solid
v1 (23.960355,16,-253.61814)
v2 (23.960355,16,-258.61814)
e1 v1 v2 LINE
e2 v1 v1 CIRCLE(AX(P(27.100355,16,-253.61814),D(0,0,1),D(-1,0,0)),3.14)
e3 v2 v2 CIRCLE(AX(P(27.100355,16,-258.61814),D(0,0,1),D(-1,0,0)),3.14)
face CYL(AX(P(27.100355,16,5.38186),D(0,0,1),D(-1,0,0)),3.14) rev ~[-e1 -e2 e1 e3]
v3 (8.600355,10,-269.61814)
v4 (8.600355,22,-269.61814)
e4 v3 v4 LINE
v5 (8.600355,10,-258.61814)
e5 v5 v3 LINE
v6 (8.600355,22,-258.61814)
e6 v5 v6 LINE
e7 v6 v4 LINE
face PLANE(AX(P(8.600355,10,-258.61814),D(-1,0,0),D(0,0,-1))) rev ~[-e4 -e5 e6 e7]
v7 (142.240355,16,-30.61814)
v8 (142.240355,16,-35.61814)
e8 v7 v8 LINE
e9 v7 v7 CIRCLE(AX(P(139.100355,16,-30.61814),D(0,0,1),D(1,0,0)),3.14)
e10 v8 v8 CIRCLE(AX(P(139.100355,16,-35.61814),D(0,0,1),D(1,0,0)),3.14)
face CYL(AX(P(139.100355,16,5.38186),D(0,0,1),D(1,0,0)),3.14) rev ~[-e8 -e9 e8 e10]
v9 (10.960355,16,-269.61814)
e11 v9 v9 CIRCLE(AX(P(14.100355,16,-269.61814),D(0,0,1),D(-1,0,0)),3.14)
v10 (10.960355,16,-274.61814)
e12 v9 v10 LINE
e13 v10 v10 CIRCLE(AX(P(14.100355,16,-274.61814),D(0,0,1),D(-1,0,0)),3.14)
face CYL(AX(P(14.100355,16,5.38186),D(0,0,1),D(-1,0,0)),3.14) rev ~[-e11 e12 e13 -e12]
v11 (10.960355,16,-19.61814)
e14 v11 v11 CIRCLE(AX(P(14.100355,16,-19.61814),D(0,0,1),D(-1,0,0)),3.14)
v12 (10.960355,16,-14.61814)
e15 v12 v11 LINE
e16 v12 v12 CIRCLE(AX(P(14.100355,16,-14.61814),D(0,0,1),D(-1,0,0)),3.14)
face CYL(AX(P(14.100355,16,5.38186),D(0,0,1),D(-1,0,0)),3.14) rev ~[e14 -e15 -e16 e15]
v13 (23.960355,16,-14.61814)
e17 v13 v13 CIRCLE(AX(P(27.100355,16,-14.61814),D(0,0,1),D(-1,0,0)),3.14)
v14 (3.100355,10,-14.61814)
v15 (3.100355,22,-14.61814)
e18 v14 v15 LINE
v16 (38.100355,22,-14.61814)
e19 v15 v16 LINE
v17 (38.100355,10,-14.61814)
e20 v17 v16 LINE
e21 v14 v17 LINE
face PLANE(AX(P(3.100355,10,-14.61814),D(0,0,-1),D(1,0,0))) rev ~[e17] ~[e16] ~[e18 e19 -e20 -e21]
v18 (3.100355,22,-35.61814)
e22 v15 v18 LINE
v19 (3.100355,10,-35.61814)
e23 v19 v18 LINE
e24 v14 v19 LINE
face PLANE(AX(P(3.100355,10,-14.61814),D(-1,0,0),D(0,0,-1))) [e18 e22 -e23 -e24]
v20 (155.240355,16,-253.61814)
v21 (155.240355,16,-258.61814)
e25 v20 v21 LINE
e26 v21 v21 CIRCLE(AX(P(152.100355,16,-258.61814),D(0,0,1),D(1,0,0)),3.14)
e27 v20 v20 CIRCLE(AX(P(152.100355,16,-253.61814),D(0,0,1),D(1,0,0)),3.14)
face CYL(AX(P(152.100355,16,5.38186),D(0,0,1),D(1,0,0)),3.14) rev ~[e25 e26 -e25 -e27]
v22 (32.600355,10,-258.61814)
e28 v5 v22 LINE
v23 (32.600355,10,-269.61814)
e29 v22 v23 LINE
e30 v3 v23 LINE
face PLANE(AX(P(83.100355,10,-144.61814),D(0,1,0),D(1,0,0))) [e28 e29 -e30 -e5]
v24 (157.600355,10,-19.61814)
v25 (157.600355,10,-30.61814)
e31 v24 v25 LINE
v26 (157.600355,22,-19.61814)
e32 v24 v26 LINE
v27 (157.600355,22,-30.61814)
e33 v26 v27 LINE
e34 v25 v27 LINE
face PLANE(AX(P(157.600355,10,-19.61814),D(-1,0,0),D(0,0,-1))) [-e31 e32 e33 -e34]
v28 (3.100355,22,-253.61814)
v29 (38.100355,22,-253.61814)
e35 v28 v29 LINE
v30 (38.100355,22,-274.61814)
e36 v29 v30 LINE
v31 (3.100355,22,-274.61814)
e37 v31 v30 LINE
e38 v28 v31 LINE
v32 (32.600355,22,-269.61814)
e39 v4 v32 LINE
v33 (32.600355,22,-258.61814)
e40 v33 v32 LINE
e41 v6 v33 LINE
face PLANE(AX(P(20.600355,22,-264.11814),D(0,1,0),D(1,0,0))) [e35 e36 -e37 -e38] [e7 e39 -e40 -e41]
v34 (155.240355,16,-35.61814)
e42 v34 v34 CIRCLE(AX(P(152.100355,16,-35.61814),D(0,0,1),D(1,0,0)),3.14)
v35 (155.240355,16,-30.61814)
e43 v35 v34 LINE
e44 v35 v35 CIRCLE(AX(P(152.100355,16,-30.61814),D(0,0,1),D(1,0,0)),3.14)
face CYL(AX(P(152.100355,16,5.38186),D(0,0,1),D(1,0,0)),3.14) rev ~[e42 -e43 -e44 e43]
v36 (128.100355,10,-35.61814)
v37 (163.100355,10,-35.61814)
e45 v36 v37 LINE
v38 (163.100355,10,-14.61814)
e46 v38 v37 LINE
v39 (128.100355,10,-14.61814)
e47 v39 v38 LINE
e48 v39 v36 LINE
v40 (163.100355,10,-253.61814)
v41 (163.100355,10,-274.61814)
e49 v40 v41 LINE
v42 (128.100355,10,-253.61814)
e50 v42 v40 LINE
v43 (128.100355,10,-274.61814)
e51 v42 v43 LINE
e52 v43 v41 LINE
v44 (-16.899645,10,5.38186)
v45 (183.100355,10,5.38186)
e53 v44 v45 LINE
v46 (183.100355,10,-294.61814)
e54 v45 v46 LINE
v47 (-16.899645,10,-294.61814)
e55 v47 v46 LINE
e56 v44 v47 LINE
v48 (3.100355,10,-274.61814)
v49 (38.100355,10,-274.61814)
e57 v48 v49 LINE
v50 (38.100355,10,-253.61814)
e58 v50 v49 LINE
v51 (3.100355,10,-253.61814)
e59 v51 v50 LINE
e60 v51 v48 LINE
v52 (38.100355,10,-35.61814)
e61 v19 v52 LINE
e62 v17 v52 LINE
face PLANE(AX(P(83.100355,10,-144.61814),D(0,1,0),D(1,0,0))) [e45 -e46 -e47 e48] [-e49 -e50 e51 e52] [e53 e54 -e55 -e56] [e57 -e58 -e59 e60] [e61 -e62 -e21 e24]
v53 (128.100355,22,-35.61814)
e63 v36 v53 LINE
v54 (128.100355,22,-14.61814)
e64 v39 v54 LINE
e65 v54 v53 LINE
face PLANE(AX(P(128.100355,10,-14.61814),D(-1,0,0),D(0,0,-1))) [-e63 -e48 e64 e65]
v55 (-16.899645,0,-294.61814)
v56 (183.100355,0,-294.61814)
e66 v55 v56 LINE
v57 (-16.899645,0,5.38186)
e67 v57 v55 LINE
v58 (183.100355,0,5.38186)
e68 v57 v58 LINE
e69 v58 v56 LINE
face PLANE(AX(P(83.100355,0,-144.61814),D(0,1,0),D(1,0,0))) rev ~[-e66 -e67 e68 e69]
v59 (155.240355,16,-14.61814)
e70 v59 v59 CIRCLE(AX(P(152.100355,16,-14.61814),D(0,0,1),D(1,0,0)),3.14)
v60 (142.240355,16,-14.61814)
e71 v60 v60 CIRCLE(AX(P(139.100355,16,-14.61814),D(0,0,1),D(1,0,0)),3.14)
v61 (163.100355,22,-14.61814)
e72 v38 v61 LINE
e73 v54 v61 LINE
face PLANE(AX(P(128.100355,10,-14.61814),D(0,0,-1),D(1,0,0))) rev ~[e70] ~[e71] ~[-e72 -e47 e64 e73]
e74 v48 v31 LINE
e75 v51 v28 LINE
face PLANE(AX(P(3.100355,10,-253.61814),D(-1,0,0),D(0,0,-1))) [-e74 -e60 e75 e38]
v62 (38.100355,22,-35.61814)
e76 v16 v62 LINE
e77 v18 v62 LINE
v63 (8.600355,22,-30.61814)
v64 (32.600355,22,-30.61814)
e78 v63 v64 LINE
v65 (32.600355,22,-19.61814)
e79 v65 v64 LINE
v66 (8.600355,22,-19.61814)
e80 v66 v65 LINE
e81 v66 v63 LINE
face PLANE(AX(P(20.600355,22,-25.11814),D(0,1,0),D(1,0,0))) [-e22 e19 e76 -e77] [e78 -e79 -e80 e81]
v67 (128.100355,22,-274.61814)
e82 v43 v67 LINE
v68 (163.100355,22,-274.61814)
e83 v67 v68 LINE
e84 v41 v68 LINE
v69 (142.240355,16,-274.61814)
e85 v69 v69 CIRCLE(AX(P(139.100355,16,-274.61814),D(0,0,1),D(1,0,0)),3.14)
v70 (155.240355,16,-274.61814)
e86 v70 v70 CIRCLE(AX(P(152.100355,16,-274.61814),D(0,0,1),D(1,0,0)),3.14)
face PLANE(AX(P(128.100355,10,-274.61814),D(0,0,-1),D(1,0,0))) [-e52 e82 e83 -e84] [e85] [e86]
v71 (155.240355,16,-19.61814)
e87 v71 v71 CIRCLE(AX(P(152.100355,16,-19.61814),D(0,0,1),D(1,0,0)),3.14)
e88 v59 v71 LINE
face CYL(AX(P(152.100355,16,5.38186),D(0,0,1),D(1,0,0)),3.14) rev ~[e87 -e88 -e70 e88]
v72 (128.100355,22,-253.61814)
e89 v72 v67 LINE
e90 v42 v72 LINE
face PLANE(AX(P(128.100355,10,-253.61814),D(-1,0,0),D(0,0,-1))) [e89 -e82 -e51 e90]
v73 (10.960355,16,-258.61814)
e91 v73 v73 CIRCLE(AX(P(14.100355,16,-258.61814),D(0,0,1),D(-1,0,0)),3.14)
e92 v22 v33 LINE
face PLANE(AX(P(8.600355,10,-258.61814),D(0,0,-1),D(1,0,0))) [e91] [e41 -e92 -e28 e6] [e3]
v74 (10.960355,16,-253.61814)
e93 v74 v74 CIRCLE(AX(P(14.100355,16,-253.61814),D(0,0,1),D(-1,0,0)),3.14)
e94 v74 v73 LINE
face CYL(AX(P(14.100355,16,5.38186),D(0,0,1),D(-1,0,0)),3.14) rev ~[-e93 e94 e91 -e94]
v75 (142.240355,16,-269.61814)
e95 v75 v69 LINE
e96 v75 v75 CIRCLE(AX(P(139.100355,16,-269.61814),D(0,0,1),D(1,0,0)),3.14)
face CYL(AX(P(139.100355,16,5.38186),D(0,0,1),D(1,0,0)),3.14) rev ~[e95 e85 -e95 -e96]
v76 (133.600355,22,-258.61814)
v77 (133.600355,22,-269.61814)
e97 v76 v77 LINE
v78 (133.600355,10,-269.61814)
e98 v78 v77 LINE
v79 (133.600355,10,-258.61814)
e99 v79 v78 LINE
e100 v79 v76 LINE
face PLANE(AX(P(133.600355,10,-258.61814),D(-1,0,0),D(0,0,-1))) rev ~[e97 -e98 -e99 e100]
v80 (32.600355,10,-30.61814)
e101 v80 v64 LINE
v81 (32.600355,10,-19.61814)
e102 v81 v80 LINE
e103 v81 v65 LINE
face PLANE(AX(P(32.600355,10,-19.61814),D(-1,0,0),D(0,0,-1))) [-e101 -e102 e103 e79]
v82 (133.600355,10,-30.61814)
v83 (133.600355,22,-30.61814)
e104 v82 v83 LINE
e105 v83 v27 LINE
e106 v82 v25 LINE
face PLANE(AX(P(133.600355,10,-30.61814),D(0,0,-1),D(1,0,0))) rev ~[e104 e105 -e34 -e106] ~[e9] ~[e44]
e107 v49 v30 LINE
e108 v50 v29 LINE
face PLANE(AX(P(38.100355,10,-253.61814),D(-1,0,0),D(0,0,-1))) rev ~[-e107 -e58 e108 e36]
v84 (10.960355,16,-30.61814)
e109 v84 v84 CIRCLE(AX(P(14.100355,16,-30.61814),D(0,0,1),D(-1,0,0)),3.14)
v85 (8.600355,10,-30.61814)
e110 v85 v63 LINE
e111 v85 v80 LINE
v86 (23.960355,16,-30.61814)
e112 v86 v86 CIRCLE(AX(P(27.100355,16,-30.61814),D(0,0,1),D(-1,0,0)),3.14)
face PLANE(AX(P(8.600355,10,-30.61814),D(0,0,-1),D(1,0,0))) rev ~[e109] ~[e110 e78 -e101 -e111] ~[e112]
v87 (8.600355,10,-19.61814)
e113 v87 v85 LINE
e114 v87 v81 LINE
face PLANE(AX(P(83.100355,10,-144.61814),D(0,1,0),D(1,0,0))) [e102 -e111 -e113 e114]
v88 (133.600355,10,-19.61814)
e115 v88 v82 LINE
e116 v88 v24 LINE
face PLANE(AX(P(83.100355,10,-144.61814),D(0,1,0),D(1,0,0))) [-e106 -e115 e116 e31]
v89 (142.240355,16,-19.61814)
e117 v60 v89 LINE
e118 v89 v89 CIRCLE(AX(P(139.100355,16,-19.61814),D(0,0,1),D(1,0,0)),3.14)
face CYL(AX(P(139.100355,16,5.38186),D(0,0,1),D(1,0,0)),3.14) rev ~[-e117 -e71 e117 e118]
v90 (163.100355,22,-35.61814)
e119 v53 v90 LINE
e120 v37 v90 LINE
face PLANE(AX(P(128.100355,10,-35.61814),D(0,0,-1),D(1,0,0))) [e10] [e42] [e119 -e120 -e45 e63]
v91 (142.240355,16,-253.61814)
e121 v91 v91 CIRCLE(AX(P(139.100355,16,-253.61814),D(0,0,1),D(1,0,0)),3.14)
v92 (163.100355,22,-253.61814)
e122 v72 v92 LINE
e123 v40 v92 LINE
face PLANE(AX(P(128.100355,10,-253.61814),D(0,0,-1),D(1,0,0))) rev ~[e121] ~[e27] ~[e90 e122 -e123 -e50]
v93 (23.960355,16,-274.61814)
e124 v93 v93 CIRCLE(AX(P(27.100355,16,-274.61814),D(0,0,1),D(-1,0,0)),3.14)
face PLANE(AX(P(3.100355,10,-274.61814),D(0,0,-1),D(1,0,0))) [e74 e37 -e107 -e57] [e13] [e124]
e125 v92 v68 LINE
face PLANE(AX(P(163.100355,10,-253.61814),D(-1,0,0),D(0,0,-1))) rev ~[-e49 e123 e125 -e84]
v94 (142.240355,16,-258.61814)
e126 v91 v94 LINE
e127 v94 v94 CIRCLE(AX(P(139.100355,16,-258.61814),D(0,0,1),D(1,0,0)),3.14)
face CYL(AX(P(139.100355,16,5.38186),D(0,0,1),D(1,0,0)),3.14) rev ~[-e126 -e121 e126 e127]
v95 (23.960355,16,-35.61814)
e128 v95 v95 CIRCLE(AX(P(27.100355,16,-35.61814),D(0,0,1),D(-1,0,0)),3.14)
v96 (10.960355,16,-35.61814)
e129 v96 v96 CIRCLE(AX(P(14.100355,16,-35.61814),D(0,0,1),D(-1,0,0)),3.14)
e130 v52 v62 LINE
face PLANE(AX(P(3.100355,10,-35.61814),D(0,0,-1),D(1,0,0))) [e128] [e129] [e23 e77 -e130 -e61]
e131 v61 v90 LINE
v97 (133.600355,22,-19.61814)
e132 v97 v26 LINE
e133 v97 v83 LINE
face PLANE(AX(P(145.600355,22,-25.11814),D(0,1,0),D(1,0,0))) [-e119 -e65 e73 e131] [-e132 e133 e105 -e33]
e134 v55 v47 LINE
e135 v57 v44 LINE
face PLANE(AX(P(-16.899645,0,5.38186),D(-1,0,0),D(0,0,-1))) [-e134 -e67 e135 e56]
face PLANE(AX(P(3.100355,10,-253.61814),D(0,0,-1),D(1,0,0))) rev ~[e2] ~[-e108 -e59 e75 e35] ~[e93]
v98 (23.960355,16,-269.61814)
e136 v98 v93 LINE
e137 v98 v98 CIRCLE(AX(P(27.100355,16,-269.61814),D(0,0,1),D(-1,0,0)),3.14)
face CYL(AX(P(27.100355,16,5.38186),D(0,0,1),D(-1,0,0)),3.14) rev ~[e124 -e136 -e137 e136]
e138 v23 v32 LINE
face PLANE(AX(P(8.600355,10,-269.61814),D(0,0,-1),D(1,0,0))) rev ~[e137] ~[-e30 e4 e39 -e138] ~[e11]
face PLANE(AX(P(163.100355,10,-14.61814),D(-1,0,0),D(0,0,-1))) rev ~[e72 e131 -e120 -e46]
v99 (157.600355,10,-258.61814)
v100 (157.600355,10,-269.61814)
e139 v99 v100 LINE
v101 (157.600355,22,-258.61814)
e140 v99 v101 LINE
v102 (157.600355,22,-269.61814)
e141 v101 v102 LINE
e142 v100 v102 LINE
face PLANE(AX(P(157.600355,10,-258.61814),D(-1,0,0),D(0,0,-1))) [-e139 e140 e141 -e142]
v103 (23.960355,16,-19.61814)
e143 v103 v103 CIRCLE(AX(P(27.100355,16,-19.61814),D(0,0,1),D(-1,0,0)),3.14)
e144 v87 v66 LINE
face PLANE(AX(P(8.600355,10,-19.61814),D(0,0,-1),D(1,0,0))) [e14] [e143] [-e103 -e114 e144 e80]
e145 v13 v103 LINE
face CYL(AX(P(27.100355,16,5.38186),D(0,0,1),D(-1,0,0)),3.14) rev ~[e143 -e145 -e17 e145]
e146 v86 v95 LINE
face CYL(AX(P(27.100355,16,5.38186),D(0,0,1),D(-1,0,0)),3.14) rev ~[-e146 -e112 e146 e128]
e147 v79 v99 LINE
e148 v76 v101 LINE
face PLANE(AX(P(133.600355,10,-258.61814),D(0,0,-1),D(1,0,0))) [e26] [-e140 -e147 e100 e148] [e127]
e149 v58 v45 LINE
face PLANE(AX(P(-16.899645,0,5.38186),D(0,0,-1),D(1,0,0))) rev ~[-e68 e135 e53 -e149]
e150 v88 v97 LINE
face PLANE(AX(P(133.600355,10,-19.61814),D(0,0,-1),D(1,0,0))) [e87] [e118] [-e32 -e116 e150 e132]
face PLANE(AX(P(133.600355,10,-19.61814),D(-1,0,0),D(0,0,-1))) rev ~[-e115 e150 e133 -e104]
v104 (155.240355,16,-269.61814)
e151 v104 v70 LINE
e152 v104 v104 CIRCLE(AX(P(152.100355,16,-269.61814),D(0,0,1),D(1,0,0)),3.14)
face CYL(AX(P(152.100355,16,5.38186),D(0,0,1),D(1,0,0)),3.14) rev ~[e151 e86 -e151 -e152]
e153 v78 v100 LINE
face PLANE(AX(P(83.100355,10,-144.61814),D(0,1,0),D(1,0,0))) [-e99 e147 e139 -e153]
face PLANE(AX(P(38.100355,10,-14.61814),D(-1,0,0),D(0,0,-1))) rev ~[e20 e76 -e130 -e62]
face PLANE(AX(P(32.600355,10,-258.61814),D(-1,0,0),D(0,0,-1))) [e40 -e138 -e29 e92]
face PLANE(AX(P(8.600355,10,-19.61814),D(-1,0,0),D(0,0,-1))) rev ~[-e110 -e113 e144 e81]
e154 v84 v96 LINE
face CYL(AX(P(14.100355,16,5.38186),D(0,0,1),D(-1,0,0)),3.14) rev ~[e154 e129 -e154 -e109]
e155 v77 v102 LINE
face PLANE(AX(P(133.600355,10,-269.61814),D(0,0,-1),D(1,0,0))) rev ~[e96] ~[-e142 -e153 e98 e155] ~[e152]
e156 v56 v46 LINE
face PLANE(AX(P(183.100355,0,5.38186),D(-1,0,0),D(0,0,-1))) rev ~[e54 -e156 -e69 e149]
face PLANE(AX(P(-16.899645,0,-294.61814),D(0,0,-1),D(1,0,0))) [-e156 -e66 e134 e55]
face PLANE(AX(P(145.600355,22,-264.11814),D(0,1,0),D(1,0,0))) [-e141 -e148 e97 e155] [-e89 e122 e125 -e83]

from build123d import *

# Parameters (mm, degrees)
SKETCH1_W           = 200
SKETCH1_H           = 300
BOSS_EXTRUDE1_DEPTH = 10
SKETCH2_W           = 35
SKETCH2_H           = 21
SKETCH2_W_2         = 24
SKETCH2_H_2         = 11
BOSS_EXTRUDE2_DEPTH = 12
SKETCH3_R           = 3.14
CUT_EXTRUDE1_DEPTH  = 1200


with BuildPart() as part:
    # Sketch1 → Boss-Extrude1 (new body)
    with BuildSketch(Plane(origin=(0, 0, 0), x_dir=(1, 0, 0), z_dir=(0, 1, 0))):
        with Locations((83.100354765, 144.618140233)):
            Rectangle(SKETCH1_W, SKETCH1_H)
    extrude(amount=BOSS_EXTRUDE1_DEPTH)

    # Sketch2 → Boss-Extrude2 (add)
    # profile 1 of 4: a face of its own
    with BuildSketch(Plane(origin=(0, 10, 0), x_dir=(1, 0, 0), z_dir=(0, 1, 0))):
        with Locations((20.600354765, 25.118140233)):
            Rectangle(SKETCH2_W, SKETCH2_H)
        with Locations((20.600354765, 25.118140233)):
            Rectangle(SKETCH2_W_2, SKETCH2_H_2, mode=Mode.SUBTRACT)
    # profile 2 of 4: a face of its own
    with BuildSketch(Plane(origin=(0, 10, 0), x_dir=(1, 0, 0), z_dir=(0, 1, 0))):
        with Locations((145.600354765, 25.118140233)):
            Rectangle(SKETCH2_W, SKETCH2_H)
        with Locations((145.600354765, 25.118140233)):
            Rectangle(SKETCH2_W_2, SKETCH2_H_2, mode=Mode.SUBTRACT)
    # profile 3 of 4: a face of its own
    with BuildSketch(Plane(origin=(0, 10, 0), x_dir=(1, 0, 0), z_dir=(0, 1, 0))):
        with Locations((145.600354765, 264.118140233)):
            Rectangle(SKETCH2_W, SKETCH2_H)
        with Locations((145.600354765, 264.118140233)):
            Rectangle(SKETCH2_W_2, SKETCH2_H_2, mode=Mode.SUBTRACT)
    # profile 4 of 4: a face of its own
    with BuildSketch(Plane(origin=(0, 10, 0), x_dir=(1, 0, 0), z_dir=(0, 1, 0))):
        with Locations((20.600354765, 264.118140233)):
            Rectangle(SKETCH2_W, SKETCH2_H)
        with Locations((20.600354765, 264.118140233)):
            Rectangle(SKETCH2_W_2, SKETCH2_H_2, mode=Mode.SUBTRACT)
    extrude(amount=BOSS_EXTRUDE2_DEPTH)

    # Sketch3 → Cut-Extrude1 (cut)
    with BuildSketch(Plane.XY.offset(5.381859767)):
        with Locations(Location((14.100354765, 16, 0), (0, 0, 180))):
            Circle(SKETCH3_R)
        with Locations(Location((27.100354765, 16, 0), (0, 0, 180))):
            Circle(SKETCH3_R)
        with Locations((152.100354765, 16)):
            Circle(SKETCH3_R)
        with Locations((139.100354765, 16)):
            Circle(SKETCH3_R)
    extrude(amount=-CUT_EXTRUDE1_DEPTH, mode=Mode.SUBTRACT)


solid = part.part
